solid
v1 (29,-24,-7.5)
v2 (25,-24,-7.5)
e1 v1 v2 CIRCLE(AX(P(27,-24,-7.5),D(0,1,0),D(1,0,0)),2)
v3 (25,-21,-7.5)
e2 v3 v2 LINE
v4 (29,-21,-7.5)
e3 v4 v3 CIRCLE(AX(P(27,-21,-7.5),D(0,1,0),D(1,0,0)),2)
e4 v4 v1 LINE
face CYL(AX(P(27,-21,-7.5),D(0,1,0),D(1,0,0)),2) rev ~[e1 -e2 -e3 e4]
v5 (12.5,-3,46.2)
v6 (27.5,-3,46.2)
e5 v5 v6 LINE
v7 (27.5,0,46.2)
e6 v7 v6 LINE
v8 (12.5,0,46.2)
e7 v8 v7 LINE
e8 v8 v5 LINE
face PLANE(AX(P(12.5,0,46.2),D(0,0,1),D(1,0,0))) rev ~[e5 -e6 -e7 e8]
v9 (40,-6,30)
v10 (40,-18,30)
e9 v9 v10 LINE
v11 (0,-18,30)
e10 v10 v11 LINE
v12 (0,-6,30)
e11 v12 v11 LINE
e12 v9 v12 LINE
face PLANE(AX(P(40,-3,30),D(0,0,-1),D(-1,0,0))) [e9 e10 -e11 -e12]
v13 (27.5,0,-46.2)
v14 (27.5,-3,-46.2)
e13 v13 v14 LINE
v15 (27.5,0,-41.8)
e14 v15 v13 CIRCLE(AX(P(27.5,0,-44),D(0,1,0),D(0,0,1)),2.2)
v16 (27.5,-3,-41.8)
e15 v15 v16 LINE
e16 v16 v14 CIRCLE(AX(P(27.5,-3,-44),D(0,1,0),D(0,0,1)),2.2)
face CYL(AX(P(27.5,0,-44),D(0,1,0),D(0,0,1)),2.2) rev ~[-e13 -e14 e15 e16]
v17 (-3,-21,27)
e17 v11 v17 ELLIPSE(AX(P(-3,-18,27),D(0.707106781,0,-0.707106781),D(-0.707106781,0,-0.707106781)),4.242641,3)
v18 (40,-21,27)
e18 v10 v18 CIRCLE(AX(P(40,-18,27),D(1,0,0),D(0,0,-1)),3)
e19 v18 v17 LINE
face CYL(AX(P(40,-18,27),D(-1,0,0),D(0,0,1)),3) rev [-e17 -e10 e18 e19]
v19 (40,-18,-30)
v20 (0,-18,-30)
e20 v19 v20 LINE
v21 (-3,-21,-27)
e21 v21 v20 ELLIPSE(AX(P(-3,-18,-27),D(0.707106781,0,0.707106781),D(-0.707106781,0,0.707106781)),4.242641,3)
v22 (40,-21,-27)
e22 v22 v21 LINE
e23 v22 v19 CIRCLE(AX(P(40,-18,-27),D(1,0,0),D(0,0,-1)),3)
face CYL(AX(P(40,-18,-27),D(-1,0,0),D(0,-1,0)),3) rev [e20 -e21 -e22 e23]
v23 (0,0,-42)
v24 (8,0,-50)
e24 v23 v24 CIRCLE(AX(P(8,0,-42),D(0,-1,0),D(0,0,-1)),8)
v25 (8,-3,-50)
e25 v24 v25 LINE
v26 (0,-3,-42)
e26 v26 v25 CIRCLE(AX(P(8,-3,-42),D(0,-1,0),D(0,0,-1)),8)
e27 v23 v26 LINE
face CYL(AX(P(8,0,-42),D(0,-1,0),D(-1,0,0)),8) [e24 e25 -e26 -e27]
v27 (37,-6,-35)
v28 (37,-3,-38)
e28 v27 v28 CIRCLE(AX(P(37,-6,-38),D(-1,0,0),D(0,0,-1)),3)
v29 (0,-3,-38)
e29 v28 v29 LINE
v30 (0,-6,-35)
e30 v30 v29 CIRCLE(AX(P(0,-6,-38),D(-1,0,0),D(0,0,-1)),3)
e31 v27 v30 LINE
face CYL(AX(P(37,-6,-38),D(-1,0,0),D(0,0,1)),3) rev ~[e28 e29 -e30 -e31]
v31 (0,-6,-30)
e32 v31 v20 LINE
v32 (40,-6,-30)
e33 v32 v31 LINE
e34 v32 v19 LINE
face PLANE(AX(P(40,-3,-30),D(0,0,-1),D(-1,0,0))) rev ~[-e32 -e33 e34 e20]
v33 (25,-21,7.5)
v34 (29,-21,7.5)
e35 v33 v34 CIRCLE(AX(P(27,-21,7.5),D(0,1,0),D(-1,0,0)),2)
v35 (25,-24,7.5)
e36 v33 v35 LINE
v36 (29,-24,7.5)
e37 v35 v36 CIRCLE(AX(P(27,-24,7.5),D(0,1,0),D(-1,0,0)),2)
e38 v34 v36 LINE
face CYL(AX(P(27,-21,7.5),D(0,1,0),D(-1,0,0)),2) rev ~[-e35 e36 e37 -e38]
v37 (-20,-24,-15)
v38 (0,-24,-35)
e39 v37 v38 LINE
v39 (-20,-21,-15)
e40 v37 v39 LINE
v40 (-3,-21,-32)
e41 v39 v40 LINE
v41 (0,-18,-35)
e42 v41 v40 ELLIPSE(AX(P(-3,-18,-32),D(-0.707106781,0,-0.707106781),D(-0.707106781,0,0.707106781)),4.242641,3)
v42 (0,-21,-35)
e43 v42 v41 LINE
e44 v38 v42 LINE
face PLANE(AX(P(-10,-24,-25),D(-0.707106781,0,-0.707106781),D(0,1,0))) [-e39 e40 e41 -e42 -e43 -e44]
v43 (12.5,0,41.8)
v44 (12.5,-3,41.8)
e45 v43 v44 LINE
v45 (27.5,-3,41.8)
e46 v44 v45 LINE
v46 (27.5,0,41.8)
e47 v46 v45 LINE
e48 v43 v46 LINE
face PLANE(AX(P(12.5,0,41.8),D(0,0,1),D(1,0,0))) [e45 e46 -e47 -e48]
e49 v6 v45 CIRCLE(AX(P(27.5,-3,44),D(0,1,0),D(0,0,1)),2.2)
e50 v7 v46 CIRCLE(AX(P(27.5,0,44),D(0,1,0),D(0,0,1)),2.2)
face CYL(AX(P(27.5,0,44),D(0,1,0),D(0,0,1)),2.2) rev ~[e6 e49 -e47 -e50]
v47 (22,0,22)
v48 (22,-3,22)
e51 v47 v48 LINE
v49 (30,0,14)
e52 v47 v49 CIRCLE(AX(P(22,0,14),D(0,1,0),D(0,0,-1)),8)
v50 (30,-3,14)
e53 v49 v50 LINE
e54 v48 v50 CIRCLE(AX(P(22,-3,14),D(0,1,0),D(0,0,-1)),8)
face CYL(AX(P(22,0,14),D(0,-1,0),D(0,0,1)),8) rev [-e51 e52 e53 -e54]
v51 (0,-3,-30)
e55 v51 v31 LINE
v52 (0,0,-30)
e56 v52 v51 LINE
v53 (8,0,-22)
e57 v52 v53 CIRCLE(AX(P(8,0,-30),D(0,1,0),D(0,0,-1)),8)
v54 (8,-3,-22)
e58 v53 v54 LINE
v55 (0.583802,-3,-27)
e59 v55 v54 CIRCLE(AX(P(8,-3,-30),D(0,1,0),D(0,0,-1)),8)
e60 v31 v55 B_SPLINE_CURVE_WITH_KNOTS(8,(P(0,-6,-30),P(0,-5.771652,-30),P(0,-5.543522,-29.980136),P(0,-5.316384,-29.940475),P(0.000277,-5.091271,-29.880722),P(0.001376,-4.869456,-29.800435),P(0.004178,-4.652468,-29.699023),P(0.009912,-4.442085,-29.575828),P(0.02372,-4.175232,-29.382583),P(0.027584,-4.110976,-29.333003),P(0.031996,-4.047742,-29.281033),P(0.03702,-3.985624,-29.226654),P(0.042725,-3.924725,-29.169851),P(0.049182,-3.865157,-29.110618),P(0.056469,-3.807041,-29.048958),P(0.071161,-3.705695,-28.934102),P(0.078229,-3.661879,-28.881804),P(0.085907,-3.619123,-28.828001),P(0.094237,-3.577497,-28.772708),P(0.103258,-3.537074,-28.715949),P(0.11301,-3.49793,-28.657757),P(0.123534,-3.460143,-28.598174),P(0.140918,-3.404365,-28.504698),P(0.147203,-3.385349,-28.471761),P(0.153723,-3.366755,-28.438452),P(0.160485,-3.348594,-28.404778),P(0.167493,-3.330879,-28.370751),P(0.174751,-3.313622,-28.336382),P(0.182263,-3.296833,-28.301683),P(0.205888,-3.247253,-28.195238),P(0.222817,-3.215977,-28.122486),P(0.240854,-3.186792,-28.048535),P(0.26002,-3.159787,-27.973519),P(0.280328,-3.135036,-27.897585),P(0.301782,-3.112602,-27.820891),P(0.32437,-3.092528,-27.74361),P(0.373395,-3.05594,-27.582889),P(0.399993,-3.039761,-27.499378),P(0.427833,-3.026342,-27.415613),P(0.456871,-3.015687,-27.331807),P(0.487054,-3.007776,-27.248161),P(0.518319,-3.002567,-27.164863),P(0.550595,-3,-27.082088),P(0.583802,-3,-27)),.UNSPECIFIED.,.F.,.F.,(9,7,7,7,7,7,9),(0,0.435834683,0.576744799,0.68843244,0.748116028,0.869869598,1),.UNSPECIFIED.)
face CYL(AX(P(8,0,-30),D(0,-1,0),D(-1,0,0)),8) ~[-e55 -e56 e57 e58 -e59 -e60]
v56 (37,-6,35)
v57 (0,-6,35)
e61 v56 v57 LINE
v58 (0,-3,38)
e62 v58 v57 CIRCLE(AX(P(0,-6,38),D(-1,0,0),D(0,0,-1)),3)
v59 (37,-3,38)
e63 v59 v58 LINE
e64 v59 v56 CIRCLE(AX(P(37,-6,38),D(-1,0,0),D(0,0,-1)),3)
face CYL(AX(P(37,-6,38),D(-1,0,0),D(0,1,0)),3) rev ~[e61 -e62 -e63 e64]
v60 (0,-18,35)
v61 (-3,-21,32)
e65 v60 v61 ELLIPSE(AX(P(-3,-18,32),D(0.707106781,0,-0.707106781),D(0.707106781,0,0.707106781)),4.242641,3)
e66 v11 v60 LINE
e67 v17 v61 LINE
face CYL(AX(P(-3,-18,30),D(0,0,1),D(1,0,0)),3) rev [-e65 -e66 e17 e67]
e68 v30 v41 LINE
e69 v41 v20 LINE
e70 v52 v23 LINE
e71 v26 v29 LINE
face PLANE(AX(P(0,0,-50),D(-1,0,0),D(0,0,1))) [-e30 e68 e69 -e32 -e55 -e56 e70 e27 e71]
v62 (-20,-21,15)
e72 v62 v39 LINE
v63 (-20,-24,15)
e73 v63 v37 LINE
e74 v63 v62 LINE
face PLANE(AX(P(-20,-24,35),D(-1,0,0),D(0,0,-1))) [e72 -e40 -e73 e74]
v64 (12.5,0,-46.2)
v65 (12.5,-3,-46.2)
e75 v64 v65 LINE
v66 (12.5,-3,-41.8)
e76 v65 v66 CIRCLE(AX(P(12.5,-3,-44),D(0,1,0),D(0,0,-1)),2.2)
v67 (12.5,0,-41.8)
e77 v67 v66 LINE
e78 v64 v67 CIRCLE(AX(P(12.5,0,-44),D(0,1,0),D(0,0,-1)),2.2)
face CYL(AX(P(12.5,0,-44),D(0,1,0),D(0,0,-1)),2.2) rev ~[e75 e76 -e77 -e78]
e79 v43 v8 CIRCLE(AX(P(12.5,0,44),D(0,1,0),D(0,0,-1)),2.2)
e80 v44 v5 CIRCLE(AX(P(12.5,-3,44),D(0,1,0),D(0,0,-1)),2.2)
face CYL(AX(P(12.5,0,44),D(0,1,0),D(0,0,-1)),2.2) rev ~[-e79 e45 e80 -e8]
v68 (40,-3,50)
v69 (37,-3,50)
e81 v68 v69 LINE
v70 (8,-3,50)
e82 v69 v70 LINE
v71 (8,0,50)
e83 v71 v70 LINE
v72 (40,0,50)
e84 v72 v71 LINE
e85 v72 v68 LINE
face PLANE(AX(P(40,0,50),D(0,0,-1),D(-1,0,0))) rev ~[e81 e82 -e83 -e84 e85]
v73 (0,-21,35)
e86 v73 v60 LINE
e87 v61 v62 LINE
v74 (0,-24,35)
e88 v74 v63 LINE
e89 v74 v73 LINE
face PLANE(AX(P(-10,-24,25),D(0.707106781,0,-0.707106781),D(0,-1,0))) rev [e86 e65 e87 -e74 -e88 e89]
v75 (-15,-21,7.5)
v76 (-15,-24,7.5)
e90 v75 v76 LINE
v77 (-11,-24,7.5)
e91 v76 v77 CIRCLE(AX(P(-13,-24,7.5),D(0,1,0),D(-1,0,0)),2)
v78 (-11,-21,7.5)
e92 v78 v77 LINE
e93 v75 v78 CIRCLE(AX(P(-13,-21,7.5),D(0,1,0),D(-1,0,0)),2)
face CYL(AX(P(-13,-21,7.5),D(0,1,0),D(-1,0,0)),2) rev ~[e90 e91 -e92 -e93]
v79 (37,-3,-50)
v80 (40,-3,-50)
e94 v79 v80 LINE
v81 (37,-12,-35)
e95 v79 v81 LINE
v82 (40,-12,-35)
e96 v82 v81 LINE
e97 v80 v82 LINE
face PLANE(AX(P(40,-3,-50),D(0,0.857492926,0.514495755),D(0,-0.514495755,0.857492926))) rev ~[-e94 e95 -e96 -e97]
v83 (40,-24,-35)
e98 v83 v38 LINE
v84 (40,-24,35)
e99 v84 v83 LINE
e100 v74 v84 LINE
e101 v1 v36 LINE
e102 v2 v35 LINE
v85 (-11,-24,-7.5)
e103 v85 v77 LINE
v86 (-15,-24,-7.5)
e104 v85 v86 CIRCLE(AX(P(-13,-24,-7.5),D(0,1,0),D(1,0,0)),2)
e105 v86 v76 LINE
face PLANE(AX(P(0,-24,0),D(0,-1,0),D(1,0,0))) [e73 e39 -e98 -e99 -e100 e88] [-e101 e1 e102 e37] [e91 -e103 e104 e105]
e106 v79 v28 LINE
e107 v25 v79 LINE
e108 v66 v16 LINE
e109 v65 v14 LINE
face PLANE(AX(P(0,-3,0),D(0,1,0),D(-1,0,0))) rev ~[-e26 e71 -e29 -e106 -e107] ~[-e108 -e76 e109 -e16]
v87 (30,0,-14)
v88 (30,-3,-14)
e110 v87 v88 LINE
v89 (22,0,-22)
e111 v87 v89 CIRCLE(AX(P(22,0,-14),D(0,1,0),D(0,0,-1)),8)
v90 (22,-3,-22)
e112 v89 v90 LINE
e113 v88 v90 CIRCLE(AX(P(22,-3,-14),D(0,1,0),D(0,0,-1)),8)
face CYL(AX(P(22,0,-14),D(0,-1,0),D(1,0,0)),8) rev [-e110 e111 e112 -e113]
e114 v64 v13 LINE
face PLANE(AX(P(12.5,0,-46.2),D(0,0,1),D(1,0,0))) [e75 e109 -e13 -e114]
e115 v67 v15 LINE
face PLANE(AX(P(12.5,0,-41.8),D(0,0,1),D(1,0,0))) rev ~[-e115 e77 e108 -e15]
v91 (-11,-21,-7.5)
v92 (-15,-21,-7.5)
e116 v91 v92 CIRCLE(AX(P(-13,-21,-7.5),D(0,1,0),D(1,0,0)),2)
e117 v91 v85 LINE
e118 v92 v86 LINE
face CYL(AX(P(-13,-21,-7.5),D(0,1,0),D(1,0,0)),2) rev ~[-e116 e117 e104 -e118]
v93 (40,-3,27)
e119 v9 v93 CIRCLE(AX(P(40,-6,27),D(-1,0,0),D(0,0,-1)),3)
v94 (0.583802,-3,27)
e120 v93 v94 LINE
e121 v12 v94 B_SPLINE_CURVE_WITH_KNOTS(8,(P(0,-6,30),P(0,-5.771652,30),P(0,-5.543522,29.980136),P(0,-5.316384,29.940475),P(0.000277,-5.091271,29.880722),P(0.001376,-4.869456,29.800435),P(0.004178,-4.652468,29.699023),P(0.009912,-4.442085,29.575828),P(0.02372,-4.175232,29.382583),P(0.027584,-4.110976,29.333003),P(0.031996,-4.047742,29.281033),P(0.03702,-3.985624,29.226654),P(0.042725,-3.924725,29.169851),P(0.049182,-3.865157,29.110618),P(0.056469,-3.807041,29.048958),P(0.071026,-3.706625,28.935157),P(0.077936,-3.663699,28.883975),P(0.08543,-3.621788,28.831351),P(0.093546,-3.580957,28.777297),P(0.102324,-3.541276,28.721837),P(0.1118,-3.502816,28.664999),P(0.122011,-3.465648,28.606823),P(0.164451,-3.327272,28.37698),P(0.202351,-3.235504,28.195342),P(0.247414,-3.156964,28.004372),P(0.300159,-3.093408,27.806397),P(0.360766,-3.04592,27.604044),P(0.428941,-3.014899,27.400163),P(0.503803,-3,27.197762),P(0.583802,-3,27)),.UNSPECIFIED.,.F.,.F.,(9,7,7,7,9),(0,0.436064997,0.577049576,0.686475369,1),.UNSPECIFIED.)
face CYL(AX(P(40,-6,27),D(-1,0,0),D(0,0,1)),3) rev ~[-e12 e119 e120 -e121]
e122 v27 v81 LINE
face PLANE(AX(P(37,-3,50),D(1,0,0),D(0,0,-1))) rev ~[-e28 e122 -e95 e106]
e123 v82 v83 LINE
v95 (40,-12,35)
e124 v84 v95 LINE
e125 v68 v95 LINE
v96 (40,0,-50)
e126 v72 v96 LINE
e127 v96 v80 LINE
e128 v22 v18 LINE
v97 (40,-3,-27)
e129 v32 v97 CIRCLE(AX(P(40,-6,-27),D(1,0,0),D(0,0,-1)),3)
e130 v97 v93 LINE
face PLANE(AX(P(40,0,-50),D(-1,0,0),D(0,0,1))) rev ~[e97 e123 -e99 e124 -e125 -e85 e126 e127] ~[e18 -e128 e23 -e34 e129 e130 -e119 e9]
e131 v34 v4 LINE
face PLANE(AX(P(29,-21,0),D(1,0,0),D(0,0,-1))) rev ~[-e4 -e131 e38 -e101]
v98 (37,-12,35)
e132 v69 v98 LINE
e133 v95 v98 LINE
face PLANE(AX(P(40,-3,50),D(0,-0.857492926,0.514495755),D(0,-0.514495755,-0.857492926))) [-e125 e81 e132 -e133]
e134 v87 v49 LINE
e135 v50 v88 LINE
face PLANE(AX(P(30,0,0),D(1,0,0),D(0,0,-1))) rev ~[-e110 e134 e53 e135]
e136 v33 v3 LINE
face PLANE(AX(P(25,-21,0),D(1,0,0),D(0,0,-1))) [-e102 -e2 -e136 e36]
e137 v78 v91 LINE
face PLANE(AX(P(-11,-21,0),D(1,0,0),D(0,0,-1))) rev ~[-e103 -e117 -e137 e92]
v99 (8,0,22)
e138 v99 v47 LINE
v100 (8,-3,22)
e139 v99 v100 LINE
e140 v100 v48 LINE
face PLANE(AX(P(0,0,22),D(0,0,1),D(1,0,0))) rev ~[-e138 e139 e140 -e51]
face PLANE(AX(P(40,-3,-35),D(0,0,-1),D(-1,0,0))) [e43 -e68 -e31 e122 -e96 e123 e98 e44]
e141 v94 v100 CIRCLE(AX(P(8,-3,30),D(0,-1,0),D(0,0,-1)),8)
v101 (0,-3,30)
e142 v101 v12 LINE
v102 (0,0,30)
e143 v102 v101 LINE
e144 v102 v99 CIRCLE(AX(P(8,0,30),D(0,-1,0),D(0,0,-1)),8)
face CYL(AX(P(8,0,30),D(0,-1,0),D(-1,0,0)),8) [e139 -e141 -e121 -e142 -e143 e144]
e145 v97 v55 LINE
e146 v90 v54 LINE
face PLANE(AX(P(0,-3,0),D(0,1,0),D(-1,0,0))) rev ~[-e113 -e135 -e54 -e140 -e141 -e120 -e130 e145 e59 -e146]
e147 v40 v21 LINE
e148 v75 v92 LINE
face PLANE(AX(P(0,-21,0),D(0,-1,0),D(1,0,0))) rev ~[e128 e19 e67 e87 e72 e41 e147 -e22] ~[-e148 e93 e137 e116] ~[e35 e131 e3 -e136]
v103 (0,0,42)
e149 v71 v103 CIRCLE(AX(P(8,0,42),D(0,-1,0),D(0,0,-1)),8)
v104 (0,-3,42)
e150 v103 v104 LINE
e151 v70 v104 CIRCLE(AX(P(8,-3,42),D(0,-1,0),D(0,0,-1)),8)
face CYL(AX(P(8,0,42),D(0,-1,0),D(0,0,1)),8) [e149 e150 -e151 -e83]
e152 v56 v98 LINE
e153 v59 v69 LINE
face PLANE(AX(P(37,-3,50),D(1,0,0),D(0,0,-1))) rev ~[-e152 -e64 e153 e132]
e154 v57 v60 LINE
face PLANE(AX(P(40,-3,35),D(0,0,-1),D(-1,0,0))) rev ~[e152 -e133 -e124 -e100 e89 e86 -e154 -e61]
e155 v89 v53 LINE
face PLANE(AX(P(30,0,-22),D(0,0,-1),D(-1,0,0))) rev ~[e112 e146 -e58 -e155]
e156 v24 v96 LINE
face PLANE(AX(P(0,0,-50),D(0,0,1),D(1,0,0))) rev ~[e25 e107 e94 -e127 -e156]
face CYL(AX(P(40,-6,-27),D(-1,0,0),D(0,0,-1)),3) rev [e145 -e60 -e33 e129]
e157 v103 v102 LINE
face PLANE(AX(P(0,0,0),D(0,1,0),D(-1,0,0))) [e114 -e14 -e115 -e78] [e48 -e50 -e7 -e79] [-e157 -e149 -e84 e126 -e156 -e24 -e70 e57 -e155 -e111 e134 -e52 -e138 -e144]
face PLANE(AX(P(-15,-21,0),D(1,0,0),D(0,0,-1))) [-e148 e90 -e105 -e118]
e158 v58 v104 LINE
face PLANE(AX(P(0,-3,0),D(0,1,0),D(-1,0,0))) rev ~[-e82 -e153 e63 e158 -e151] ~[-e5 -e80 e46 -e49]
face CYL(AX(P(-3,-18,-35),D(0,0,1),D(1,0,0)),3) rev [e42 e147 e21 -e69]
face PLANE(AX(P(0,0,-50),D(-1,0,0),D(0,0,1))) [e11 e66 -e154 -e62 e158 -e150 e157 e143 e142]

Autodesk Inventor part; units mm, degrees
ref_plane "YZ Plane" through (0, 0, 0) normal (1, 0, 0) x (0, 1, 0)
ref_plane "XZ Plane" through (0, 0, 0) normal (0, 1, 0) x (-1, 0, 0)
ref_plane "XY Plane" through (0, 0, 0) normal (0, 0, 1) x (1, 0, 0)
sketch "Sketch1" plane through (0, 0, 0) normal (0, 1, 0) x (-1, 0, 0)
  line L0 (8, 0) -> (-48, 0) projected
  line L1 (0, -70) -> (0, 70) projected
  line L2 (-40, 50) -> (0, 50)
  line L3 (0, 50) -> (0, -50)
  line L4 (0, -50) -> (-40, -50)
  line L5 (-40, -50) -> (-40, 50)
  point P0 (0, 0)
  point P1 (0, 50)
  dimension "d0" = 40
  dimension "d1" = 100
extrude "Extrusion1" add sketch "Sketch1" against normal blind 3
sketch "Sketch2" plane through (0, -3, 0) normal (0, -1, 0) x (1, 0, 0)
  line L0 (0, -50) -> (40, -50) projected
  line L1 (40, -50) -> (40, 50) projected
  line L2 (40, 50) -> (0, 50) projected
  line L3 (0, 50) -> (0, -50) projected
  line L4 (40, 35) -> (0, 35)
  line L5 (40, -50) -> (40, 50) projected
  line L6 (40, -35) -> (0, -35)
  line L7 (40, 30) -> (0, 30)
  line L8 (40, -30) -> (0, -30)
  point P0 (0, 0)
  dimension "d4" = 15
  dimension "d5" = 15
  dimension "d6" = 5
  dimension "d7" = 5
extrude "Extrusion2" add sketch "Sketch2" along normal blind 21 contours L3 L8 L1 L6 | L3 L4 L1 L7
sketch "Sketch3" plane through (0, 0, 0) normal (0, 1, 0) x (1, 0, 0)
  line L0 (40, 50) -> (0, 50) projected
  line L1 (0, 50) -> (0, -50) projected
  line L2 (0, -50) -> (40, -50) projected
  line L3 (40, -50) -> (40, 50) projected
  line L4 (0, -44) -> (40, -44) construction
  arc A0 (12.5, -41.8) -> (12.5, -46.2) centre (12.5, -44) ccw
  arc A1 (27.5, -46.2) -> (27.5, -41.8) centre (27.5, -44) ccw
  line L5 (12.5, -41.8) -> (27.5, -41.8)
  line L6 (12.5, -46.2) -> (27.5, -46.2)
  line L7 (-8, 0) -> (48, 0) projected
  arc A2 (12.5, 46.2) -> (12.5, 41.8) centre (12.5, 44) ccw
  arc A3 (27.5, 41.8) -> (27.5, 46.2) centre (27.5, 44) ccw
  line L8 (12.5, 41.8) -> (27.5, 41.8)
  line L9 (12.5, 46.2) -> (27.5, 46.2)
  point P0 (0, 0)
  dimension "d10" = 6
  dimension "d11" = 4.4
  dimension "d12" = 4.4
  dimension "d13" = 15
  dimension "d14" = 12.5
extrude "Extrusion3" cut sketch "Sketch3" against normal blind 18 contours L5 A1 L6 A0 | L9 A3 L8 A2
sketch "Sketch4" plane through (0, -24, 0) normal (0, -1, 0) x (1, 0, 0)
  line L0 (40, 35) -> (-20, 35)
  line L1 (-20, 35) -> (-20, -35)
  line L2 (-20, -35) -> (40, -35)
  line L3 (40, -35) -> (40, 35)
  line L4 (40, 30) -> (40, 35) projected
  line L5 (40, 35) -> (0, 35) projected
  line L6 (0, 35) -> (0, 30) projected
  line L7 (0, 30) -> (40, 30) projected
  line L8 (0, -30) -> (0, -35) projected
  line L9 (0, -35) -> (40, -35) projected
  line L10 (40, -35) -> (40, -30) projected
  line L11 (40, -30) -> (0, -30) projected
  line L12 (40, 35) -> (0, 35) projected
  line L13 (0, -35) -> (40, -35) projected
  line L14 (40, -30) -> (40, 30) projected
  line L15 (40, -35) -> (40, -30) projected
  point P0 (0, 0)
  dimension "d18" = 20
extrude "Extrusion4" add sketch "Sketch4" against normal blind 3
sketch "Sketch5" plane through (0, 0, 0) normal (0, 1, 0) x (1, 0, 0)
  arc A0 (27.5, 41.8) -> (27.5, 46.2) centre (27.5, 44) ccw projected
  line L0 (27.5, 41.8) -> (12.5, 41.8) projected
  arc A1 (12.5, 46.2) -> (12.5, 41.8) centre (12.5, 44) ccw projected
  line L1 (12.5, 46.2) -> (27.5, 46.2) projected
  arc A2 (27.5, -46.2) -> (27.5, -41.8) centre (27.5, -44) ccw projected
  line L2 (27.5, -46.2) -> (12.5, -46.2) projected
  arc A3 (12.5, -41.8) -> (12.5, -46.2) centre (12.5, -44) ccw projected
  line L3 (12.5, -41.8) -> (27.5, -41.8) projected
  line L4 (40, 50) -> (0, 50) projected
  line L5 (0, 50) -> (0, -50) projected
  line L6 (0, -50) -> (40, -50) projected
  line L7 (40, -50) -> (40, 50) projected
  line L8 (-9.315, 0) -> (55.8902, 0) projected
  line L9 (40, -30) -> (0, -30) projected
  line L10 (0, 30) -> (40, 30) projected
  line L11 (40, -30) -> (40, 0) construction
  line L12 (40, 30) -> (40, 0) construction
  line L13 (0, -22) -> (30, -22)
  line L14 (30, -22) -> (30, 22)
  line L15 (30, 22) -> (0, 22)
  line L16 (0, 22) -> (0, -22)
  point P0 (0, 0)
  point P1 (0, 22)
  dimension "d30" = 44
  dimension "d31" = 10
extrude "Extrusion5" cut sketch "Sketch5" against normal up to surface (21 mm away) contours L15 L14 L8 L5 | L14 L13 L5 L8
sketch "Sketch6" plane through (40, -3, 50) normal (1, 0, 0) x (0, 0, -1)
  line L0 (0, 3) -> (100, 3) projected
  line L1 (0, 3) -> (0, 0) projected
  line L2 (15, 0) -> (0, 0) projected
  line L3 (15, 0) -> (15, -21) projected
  line L4 (85, -21) -> (15, -21) projected
  line L5 (85, 0) -> (85, -21) projected
  line L6 (100, 0) -> (85, 0) projected
  line L7 (100, 3) -> (100, 0) projected
  line L8 (80, 0) -> (20, 0) projected
  line L9 (80, 0) -> (80, -18) projected
  line L10 (20, -18) -> (80, -18) projected
  line L11 (20, 0) -> (20, -18) projected
  line L12 (85, 0) -> (85, -21)
  line L13 (100, 0) -> (85, 0)
  line L14 (0, 0) -> (15, 0)
  line L15 (3.8, 3) -> (3.8, 0) projected
  line L16 (15, -21) -> (15, 0)
  line L17 (0, 0) -> (15, -9)
  line L18 (15, 0) -> (15, -21) projected
  line L19 (100, 0) -> (85, -9)
  line L20 (85, 0) -> (85, -21) projected
  point P0 (50, 3)
  dimension "d53" = 12
  dimension "d54" = 12
extrude "Extrusion6" add sketch "Sketch6" against normal blind 3 contours L2 L3 L17 | L19 L5 L6
fillet "Fillet1" radius 8 4 edges at (30, -1.5, 22) (30, -1.5, -22) (0, -1.5, -22) (0, -1.5, 22)
chamfer "Chamfer1" distance 20 angle 45 2 edges at (-20, -22.5, -35) (-20, -22.5, 35)
sketch "Sketch9" plane through (0, -21, 0) normal (0, 1, 0) x (1, 0, 0)
  line L0 (-32, 0) -> (52, 0) projected
  line L1 (0, 70) -> (0, -70) projected
  line L2 (-20, 15) -> (-20, -15) projected
  arc A0 (-15, -7.5) -> (-11, -7.5) centre (-13, -7.5) ccw
  arc A1 (-11, 7.5) -> (-15, 7.5) centre (-13, 7.5) ccw
  line L3 (-13, -15) -> (-13, 15) construction
  line L4 (-15, -7.5) -> (-15, 7.5)
  line L5 (-11, -7.5) -> (-11, 7.5)
  arc A2 (25, -7.5) -> (29, -7.5) centre (27, -7.5) ccw
  arc A3 (29, 7.5) -> (25, 7.5) centre (27, 7.5) ccw
  line L6 (25, -7.5) -> (25, 7.5)
  line L7 (29, -7.5) -> (29, 7.5)
  point P0 (0, 0)
  dimension "d36" = 4
  dimension "d37" = 4
  dimension "d38" = 15
  dimension "d40" = 7
  dimension "d41" = 7.5
  dimension "d42" = 4
  dimension "d43" = 4
  dimension "d44" = 15
  dimension "d45" = 40
  dimension "d46" = 7.5
extrude "Extrusion9" cut sketch "Sketch9" against normal blind 10
fillet "Fillet2" radius 8 1 edges at (0, -1.5, -50)
fillet "Fillet3" radius 8 1 edges at (0, -1.5, 50)
fillet "Fillet4" radius 3 8 edges at (20, -21, -30) (0, -21, -32.5) (20, -21, 30) (0, -21, 32.5) (18.5, -3, 35) (20, -3, 30) (18.5, -3, -35) (20, -3, -30)
properties part number "soporte infe"
